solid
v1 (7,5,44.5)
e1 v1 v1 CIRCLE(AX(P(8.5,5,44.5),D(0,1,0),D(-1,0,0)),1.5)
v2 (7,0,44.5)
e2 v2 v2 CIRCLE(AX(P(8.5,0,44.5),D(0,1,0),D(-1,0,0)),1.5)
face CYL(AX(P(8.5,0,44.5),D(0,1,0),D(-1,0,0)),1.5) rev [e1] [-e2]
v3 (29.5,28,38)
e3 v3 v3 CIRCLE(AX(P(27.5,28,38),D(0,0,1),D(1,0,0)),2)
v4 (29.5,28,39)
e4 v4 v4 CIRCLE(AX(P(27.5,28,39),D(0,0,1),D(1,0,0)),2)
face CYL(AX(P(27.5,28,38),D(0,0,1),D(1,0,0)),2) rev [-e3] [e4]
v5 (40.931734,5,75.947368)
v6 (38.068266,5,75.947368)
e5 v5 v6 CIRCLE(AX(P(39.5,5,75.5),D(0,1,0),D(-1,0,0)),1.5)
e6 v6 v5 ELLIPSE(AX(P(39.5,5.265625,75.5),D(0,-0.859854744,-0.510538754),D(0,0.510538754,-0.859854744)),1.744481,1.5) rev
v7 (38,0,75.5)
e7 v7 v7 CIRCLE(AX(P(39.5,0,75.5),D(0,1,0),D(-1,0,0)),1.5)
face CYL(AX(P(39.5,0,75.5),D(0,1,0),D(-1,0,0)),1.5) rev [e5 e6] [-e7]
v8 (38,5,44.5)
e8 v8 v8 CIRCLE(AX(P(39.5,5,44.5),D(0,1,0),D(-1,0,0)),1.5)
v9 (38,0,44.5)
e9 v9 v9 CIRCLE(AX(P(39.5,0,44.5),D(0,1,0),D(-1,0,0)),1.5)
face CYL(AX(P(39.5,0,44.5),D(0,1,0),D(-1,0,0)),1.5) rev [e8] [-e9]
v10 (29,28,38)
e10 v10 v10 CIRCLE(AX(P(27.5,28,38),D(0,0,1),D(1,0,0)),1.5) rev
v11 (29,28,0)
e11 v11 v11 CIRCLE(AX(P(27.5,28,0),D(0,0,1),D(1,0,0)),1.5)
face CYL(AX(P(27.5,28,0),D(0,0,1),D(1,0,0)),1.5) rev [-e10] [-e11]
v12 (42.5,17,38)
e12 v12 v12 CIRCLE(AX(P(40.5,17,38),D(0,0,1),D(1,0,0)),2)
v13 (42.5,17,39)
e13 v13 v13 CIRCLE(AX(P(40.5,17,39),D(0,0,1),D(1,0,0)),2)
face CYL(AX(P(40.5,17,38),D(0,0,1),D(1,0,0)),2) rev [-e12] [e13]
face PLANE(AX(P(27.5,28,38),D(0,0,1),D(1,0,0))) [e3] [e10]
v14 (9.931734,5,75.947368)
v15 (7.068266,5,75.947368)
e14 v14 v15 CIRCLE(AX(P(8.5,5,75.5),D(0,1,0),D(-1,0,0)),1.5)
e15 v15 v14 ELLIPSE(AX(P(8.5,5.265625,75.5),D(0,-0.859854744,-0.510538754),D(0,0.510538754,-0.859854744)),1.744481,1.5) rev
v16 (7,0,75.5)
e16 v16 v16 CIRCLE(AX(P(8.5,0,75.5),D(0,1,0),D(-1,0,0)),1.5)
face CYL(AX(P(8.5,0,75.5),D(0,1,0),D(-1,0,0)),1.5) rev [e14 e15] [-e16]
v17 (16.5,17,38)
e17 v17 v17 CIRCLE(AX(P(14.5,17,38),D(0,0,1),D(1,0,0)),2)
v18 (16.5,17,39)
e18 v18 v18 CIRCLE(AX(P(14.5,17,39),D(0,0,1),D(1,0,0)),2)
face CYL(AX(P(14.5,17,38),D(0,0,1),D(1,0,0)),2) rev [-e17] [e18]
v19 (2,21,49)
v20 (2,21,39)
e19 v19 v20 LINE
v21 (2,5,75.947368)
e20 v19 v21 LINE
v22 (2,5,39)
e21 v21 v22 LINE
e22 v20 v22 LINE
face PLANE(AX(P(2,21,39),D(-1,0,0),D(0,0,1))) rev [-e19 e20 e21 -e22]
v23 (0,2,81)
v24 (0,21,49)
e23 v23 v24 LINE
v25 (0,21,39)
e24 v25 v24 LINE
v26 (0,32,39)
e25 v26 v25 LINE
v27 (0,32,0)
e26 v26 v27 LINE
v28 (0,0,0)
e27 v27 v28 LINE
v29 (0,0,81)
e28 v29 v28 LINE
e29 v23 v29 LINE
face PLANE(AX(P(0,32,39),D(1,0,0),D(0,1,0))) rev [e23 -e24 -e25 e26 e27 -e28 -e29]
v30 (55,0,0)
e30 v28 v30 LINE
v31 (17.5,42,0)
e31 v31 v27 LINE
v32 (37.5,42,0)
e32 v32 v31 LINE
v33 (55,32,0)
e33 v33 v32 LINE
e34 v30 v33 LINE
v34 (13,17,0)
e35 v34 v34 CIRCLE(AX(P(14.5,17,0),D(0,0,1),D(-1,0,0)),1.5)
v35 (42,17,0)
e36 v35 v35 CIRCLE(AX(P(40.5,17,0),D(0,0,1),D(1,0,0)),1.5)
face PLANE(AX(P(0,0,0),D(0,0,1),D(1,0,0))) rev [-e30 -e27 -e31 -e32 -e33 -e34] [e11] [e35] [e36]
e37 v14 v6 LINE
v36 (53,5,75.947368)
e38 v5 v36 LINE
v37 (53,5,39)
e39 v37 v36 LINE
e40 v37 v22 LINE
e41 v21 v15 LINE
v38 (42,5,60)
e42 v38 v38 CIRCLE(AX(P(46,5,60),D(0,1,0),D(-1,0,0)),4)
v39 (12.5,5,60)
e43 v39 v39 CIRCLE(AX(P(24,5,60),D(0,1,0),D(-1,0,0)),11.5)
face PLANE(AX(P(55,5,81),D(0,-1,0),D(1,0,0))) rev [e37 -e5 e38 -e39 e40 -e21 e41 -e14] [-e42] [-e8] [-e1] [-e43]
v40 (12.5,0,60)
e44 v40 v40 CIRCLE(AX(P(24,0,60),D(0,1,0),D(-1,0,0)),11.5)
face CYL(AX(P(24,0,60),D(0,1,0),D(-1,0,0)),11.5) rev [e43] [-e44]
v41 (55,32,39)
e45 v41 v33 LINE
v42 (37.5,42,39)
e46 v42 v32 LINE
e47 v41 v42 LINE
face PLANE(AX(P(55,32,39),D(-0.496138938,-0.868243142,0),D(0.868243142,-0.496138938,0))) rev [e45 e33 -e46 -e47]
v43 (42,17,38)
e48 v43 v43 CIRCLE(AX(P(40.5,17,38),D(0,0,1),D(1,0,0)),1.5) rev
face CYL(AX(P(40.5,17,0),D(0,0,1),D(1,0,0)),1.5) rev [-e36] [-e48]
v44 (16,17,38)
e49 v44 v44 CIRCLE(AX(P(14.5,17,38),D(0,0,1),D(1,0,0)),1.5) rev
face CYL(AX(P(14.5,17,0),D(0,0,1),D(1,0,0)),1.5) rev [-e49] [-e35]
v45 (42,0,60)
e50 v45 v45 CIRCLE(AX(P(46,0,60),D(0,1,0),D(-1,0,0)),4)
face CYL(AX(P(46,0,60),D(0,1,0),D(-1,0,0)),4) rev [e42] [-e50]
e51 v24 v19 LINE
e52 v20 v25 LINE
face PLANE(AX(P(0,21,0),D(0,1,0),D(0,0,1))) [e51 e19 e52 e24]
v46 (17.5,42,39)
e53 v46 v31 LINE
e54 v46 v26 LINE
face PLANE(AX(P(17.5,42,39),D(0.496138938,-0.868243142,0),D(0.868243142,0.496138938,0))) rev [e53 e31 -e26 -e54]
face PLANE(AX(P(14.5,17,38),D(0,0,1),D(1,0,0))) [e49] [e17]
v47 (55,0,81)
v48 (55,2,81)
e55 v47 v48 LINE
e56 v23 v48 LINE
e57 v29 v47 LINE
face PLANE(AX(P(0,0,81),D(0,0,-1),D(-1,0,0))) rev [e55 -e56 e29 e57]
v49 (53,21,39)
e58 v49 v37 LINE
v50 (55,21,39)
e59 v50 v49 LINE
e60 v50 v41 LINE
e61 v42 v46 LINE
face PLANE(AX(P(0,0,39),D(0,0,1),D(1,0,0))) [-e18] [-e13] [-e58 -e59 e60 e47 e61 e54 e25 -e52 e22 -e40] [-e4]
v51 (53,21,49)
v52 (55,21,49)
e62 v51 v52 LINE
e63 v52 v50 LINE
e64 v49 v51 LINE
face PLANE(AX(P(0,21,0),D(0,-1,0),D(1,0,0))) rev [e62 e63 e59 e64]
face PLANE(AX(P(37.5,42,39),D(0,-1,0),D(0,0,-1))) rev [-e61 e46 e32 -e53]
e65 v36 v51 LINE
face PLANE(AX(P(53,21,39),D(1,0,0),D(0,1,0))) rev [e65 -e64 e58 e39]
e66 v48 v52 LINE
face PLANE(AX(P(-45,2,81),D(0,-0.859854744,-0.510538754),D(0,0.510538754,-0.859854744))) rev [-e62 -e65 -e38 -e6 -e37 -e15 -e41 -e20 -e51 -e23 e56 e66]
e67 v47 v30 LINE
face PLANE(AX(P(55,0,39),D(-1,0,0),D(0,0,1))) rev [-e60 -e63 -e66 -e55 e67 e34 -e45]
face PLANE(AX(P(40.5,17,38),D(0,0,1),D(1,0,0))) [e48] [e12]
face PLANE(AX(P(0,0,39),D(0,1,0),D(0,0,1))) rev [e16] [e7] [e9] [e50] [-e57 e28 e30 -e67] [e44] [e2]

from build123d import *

# Parameters (mm, degrees)
BOSS_EXTRUDE1_DEPTH = 39
SKETCH2_W           = 55
SKETCH2_H           = 5
BOSS_EXTRUDE2_DEPTH = 42
SKETCH3_R           = 11.5
SKETCH3_R_2         = 1.5
SKETCH3_R_3         = 4
CUT_EXTRUDE1_DEPTH  = 105.66613588
SKETCH4_R           = 1.5
CUT_EXTRUDE2_DEPTH  = 81.950602221
SKETCH5_R           = 2
CUT_EXTRUDE3_DEPTH  = 1
SKETCH6_W           = 2
SKETCH6_H           = 42
BOSS_EXTRUDE3_DEPTH = 16
CUT_EXTRUDE4_DEPTH  = 100


with BuildPart() as part:
    # Sketch1 → Boss-Extrude1 (new body)
    with BuildSketch(Plane.XY):
        Polygon((0, 0), (55, 0), (55, 32), (37.5, 42), (17.5, 42), (0, 32), align=None)
    extrude(amount=BOSS_EXTRUDE1_DEPTH)

    # Sketch2 → Boss-Extrude2 (add)
    with BuildSketch(Plane.XY.offset(39)):
        with Locations((27.5, 2.5)):
            Rectangle(SKETCH2_W, SKETCH2_H)
    extrude(amount=BOSS_EXTRUDE2_DEPTH)

    # Sketch3 → Cut-Extrude1 (cut, through all)
    with BuildSketch(Plane(origin=(0, 5, 0), x_dir=(1, 0, 0), z_dir=(0, 1, 0))):
        with Locations(Location((24, -60, 0), (0, 0, 180))):
            Circle(SKETCH3_R)
        with Locations(Location((8.5, -44.5, 0), (0, 0, 180))):
            Circle(SKETCH3_R_2)
        with Locations(Location((39.5, -44.5, 0), (0, 0, 180))):
            Circle(SKETCH3_R_2)
        with Locations(Location((39.5, -75.5, 0), (0, 0, 180))):
            Circle(SKETCH3_R_2)
        with Locations(Location((8.5, -75.5, 0), (0, 0, 180))):
            Circle(SKETCH3_R_2)
        with Locations(Location((46, -60, 0), (0, 0, 180))):
            Circle(SKETCH3_R_3)
    extrude(amount=-CUT_EXTRUDE1_DEPTH, mode=Mode.SUBTRACT)

    # Sketch4 → Cut-Extrude2 (cut, through all)
    with BuildSketch(Plane.XY.offset(39)):
        with Locations((27.5, 28)):
            Circle(SKETCH4_R)
        with Locations((40.5, 17)):
            Circle(SKETCH4_R)
        with Locations(Location((14.5, 17, 0), (0, 0, 180))):
            Circle(SKETCH4_R)
    extrude(amount=-CUT_EXTRUDE2_DEPTH, mode=Mode.SUBTRACT)

    # Sketch5 → Cut-Extrude3 (cut)
    with BuildSketch(Plane.XY.offset(39)):
        with Locations((27.5, 28)):
            Circle(SKETCH5_R)
        with Locations((40.5, 17)):
            Circle(SKETCH5_R)
        with Locations((14.5, 17)):
            Circle(SKETCH5_R)
    extrude(amount=-CUT_EXTRUDE3_DEPTH, mode=Mode.SUBTRACT)

    # Sketch6 → Boss-Extrude3 (add)
    with BuildSketch(Plane(origin=(0, 5, 0), x_dir=(1, 0, 0), z_dir=(0, 1, 0))):
        with Locations((1, -60)):
            Rectangle(SKETCH6_W, SKETCH6_H)
        with Locations((54, -60)):
            Rectangle(SKETCH6_W, SKETCH6_H)
    extrude(amount=BOSS_EXTRUDE3_DEPTH)

    # Sketch7 → Cut-Extrude4 (cut)
    with BuildSketch(Plane(origin=(55, 0, 0), x_dir=(0, 0, -1), z_dir=(1, 0, 0))):
        Polygon((-49, 21), (-81, 21), (-81, 2), align=None)
    extrude(amount=-CUT_EXTRUDE4_DEPTH, mode=Mode.SUBTRACT)


solid = part.part
